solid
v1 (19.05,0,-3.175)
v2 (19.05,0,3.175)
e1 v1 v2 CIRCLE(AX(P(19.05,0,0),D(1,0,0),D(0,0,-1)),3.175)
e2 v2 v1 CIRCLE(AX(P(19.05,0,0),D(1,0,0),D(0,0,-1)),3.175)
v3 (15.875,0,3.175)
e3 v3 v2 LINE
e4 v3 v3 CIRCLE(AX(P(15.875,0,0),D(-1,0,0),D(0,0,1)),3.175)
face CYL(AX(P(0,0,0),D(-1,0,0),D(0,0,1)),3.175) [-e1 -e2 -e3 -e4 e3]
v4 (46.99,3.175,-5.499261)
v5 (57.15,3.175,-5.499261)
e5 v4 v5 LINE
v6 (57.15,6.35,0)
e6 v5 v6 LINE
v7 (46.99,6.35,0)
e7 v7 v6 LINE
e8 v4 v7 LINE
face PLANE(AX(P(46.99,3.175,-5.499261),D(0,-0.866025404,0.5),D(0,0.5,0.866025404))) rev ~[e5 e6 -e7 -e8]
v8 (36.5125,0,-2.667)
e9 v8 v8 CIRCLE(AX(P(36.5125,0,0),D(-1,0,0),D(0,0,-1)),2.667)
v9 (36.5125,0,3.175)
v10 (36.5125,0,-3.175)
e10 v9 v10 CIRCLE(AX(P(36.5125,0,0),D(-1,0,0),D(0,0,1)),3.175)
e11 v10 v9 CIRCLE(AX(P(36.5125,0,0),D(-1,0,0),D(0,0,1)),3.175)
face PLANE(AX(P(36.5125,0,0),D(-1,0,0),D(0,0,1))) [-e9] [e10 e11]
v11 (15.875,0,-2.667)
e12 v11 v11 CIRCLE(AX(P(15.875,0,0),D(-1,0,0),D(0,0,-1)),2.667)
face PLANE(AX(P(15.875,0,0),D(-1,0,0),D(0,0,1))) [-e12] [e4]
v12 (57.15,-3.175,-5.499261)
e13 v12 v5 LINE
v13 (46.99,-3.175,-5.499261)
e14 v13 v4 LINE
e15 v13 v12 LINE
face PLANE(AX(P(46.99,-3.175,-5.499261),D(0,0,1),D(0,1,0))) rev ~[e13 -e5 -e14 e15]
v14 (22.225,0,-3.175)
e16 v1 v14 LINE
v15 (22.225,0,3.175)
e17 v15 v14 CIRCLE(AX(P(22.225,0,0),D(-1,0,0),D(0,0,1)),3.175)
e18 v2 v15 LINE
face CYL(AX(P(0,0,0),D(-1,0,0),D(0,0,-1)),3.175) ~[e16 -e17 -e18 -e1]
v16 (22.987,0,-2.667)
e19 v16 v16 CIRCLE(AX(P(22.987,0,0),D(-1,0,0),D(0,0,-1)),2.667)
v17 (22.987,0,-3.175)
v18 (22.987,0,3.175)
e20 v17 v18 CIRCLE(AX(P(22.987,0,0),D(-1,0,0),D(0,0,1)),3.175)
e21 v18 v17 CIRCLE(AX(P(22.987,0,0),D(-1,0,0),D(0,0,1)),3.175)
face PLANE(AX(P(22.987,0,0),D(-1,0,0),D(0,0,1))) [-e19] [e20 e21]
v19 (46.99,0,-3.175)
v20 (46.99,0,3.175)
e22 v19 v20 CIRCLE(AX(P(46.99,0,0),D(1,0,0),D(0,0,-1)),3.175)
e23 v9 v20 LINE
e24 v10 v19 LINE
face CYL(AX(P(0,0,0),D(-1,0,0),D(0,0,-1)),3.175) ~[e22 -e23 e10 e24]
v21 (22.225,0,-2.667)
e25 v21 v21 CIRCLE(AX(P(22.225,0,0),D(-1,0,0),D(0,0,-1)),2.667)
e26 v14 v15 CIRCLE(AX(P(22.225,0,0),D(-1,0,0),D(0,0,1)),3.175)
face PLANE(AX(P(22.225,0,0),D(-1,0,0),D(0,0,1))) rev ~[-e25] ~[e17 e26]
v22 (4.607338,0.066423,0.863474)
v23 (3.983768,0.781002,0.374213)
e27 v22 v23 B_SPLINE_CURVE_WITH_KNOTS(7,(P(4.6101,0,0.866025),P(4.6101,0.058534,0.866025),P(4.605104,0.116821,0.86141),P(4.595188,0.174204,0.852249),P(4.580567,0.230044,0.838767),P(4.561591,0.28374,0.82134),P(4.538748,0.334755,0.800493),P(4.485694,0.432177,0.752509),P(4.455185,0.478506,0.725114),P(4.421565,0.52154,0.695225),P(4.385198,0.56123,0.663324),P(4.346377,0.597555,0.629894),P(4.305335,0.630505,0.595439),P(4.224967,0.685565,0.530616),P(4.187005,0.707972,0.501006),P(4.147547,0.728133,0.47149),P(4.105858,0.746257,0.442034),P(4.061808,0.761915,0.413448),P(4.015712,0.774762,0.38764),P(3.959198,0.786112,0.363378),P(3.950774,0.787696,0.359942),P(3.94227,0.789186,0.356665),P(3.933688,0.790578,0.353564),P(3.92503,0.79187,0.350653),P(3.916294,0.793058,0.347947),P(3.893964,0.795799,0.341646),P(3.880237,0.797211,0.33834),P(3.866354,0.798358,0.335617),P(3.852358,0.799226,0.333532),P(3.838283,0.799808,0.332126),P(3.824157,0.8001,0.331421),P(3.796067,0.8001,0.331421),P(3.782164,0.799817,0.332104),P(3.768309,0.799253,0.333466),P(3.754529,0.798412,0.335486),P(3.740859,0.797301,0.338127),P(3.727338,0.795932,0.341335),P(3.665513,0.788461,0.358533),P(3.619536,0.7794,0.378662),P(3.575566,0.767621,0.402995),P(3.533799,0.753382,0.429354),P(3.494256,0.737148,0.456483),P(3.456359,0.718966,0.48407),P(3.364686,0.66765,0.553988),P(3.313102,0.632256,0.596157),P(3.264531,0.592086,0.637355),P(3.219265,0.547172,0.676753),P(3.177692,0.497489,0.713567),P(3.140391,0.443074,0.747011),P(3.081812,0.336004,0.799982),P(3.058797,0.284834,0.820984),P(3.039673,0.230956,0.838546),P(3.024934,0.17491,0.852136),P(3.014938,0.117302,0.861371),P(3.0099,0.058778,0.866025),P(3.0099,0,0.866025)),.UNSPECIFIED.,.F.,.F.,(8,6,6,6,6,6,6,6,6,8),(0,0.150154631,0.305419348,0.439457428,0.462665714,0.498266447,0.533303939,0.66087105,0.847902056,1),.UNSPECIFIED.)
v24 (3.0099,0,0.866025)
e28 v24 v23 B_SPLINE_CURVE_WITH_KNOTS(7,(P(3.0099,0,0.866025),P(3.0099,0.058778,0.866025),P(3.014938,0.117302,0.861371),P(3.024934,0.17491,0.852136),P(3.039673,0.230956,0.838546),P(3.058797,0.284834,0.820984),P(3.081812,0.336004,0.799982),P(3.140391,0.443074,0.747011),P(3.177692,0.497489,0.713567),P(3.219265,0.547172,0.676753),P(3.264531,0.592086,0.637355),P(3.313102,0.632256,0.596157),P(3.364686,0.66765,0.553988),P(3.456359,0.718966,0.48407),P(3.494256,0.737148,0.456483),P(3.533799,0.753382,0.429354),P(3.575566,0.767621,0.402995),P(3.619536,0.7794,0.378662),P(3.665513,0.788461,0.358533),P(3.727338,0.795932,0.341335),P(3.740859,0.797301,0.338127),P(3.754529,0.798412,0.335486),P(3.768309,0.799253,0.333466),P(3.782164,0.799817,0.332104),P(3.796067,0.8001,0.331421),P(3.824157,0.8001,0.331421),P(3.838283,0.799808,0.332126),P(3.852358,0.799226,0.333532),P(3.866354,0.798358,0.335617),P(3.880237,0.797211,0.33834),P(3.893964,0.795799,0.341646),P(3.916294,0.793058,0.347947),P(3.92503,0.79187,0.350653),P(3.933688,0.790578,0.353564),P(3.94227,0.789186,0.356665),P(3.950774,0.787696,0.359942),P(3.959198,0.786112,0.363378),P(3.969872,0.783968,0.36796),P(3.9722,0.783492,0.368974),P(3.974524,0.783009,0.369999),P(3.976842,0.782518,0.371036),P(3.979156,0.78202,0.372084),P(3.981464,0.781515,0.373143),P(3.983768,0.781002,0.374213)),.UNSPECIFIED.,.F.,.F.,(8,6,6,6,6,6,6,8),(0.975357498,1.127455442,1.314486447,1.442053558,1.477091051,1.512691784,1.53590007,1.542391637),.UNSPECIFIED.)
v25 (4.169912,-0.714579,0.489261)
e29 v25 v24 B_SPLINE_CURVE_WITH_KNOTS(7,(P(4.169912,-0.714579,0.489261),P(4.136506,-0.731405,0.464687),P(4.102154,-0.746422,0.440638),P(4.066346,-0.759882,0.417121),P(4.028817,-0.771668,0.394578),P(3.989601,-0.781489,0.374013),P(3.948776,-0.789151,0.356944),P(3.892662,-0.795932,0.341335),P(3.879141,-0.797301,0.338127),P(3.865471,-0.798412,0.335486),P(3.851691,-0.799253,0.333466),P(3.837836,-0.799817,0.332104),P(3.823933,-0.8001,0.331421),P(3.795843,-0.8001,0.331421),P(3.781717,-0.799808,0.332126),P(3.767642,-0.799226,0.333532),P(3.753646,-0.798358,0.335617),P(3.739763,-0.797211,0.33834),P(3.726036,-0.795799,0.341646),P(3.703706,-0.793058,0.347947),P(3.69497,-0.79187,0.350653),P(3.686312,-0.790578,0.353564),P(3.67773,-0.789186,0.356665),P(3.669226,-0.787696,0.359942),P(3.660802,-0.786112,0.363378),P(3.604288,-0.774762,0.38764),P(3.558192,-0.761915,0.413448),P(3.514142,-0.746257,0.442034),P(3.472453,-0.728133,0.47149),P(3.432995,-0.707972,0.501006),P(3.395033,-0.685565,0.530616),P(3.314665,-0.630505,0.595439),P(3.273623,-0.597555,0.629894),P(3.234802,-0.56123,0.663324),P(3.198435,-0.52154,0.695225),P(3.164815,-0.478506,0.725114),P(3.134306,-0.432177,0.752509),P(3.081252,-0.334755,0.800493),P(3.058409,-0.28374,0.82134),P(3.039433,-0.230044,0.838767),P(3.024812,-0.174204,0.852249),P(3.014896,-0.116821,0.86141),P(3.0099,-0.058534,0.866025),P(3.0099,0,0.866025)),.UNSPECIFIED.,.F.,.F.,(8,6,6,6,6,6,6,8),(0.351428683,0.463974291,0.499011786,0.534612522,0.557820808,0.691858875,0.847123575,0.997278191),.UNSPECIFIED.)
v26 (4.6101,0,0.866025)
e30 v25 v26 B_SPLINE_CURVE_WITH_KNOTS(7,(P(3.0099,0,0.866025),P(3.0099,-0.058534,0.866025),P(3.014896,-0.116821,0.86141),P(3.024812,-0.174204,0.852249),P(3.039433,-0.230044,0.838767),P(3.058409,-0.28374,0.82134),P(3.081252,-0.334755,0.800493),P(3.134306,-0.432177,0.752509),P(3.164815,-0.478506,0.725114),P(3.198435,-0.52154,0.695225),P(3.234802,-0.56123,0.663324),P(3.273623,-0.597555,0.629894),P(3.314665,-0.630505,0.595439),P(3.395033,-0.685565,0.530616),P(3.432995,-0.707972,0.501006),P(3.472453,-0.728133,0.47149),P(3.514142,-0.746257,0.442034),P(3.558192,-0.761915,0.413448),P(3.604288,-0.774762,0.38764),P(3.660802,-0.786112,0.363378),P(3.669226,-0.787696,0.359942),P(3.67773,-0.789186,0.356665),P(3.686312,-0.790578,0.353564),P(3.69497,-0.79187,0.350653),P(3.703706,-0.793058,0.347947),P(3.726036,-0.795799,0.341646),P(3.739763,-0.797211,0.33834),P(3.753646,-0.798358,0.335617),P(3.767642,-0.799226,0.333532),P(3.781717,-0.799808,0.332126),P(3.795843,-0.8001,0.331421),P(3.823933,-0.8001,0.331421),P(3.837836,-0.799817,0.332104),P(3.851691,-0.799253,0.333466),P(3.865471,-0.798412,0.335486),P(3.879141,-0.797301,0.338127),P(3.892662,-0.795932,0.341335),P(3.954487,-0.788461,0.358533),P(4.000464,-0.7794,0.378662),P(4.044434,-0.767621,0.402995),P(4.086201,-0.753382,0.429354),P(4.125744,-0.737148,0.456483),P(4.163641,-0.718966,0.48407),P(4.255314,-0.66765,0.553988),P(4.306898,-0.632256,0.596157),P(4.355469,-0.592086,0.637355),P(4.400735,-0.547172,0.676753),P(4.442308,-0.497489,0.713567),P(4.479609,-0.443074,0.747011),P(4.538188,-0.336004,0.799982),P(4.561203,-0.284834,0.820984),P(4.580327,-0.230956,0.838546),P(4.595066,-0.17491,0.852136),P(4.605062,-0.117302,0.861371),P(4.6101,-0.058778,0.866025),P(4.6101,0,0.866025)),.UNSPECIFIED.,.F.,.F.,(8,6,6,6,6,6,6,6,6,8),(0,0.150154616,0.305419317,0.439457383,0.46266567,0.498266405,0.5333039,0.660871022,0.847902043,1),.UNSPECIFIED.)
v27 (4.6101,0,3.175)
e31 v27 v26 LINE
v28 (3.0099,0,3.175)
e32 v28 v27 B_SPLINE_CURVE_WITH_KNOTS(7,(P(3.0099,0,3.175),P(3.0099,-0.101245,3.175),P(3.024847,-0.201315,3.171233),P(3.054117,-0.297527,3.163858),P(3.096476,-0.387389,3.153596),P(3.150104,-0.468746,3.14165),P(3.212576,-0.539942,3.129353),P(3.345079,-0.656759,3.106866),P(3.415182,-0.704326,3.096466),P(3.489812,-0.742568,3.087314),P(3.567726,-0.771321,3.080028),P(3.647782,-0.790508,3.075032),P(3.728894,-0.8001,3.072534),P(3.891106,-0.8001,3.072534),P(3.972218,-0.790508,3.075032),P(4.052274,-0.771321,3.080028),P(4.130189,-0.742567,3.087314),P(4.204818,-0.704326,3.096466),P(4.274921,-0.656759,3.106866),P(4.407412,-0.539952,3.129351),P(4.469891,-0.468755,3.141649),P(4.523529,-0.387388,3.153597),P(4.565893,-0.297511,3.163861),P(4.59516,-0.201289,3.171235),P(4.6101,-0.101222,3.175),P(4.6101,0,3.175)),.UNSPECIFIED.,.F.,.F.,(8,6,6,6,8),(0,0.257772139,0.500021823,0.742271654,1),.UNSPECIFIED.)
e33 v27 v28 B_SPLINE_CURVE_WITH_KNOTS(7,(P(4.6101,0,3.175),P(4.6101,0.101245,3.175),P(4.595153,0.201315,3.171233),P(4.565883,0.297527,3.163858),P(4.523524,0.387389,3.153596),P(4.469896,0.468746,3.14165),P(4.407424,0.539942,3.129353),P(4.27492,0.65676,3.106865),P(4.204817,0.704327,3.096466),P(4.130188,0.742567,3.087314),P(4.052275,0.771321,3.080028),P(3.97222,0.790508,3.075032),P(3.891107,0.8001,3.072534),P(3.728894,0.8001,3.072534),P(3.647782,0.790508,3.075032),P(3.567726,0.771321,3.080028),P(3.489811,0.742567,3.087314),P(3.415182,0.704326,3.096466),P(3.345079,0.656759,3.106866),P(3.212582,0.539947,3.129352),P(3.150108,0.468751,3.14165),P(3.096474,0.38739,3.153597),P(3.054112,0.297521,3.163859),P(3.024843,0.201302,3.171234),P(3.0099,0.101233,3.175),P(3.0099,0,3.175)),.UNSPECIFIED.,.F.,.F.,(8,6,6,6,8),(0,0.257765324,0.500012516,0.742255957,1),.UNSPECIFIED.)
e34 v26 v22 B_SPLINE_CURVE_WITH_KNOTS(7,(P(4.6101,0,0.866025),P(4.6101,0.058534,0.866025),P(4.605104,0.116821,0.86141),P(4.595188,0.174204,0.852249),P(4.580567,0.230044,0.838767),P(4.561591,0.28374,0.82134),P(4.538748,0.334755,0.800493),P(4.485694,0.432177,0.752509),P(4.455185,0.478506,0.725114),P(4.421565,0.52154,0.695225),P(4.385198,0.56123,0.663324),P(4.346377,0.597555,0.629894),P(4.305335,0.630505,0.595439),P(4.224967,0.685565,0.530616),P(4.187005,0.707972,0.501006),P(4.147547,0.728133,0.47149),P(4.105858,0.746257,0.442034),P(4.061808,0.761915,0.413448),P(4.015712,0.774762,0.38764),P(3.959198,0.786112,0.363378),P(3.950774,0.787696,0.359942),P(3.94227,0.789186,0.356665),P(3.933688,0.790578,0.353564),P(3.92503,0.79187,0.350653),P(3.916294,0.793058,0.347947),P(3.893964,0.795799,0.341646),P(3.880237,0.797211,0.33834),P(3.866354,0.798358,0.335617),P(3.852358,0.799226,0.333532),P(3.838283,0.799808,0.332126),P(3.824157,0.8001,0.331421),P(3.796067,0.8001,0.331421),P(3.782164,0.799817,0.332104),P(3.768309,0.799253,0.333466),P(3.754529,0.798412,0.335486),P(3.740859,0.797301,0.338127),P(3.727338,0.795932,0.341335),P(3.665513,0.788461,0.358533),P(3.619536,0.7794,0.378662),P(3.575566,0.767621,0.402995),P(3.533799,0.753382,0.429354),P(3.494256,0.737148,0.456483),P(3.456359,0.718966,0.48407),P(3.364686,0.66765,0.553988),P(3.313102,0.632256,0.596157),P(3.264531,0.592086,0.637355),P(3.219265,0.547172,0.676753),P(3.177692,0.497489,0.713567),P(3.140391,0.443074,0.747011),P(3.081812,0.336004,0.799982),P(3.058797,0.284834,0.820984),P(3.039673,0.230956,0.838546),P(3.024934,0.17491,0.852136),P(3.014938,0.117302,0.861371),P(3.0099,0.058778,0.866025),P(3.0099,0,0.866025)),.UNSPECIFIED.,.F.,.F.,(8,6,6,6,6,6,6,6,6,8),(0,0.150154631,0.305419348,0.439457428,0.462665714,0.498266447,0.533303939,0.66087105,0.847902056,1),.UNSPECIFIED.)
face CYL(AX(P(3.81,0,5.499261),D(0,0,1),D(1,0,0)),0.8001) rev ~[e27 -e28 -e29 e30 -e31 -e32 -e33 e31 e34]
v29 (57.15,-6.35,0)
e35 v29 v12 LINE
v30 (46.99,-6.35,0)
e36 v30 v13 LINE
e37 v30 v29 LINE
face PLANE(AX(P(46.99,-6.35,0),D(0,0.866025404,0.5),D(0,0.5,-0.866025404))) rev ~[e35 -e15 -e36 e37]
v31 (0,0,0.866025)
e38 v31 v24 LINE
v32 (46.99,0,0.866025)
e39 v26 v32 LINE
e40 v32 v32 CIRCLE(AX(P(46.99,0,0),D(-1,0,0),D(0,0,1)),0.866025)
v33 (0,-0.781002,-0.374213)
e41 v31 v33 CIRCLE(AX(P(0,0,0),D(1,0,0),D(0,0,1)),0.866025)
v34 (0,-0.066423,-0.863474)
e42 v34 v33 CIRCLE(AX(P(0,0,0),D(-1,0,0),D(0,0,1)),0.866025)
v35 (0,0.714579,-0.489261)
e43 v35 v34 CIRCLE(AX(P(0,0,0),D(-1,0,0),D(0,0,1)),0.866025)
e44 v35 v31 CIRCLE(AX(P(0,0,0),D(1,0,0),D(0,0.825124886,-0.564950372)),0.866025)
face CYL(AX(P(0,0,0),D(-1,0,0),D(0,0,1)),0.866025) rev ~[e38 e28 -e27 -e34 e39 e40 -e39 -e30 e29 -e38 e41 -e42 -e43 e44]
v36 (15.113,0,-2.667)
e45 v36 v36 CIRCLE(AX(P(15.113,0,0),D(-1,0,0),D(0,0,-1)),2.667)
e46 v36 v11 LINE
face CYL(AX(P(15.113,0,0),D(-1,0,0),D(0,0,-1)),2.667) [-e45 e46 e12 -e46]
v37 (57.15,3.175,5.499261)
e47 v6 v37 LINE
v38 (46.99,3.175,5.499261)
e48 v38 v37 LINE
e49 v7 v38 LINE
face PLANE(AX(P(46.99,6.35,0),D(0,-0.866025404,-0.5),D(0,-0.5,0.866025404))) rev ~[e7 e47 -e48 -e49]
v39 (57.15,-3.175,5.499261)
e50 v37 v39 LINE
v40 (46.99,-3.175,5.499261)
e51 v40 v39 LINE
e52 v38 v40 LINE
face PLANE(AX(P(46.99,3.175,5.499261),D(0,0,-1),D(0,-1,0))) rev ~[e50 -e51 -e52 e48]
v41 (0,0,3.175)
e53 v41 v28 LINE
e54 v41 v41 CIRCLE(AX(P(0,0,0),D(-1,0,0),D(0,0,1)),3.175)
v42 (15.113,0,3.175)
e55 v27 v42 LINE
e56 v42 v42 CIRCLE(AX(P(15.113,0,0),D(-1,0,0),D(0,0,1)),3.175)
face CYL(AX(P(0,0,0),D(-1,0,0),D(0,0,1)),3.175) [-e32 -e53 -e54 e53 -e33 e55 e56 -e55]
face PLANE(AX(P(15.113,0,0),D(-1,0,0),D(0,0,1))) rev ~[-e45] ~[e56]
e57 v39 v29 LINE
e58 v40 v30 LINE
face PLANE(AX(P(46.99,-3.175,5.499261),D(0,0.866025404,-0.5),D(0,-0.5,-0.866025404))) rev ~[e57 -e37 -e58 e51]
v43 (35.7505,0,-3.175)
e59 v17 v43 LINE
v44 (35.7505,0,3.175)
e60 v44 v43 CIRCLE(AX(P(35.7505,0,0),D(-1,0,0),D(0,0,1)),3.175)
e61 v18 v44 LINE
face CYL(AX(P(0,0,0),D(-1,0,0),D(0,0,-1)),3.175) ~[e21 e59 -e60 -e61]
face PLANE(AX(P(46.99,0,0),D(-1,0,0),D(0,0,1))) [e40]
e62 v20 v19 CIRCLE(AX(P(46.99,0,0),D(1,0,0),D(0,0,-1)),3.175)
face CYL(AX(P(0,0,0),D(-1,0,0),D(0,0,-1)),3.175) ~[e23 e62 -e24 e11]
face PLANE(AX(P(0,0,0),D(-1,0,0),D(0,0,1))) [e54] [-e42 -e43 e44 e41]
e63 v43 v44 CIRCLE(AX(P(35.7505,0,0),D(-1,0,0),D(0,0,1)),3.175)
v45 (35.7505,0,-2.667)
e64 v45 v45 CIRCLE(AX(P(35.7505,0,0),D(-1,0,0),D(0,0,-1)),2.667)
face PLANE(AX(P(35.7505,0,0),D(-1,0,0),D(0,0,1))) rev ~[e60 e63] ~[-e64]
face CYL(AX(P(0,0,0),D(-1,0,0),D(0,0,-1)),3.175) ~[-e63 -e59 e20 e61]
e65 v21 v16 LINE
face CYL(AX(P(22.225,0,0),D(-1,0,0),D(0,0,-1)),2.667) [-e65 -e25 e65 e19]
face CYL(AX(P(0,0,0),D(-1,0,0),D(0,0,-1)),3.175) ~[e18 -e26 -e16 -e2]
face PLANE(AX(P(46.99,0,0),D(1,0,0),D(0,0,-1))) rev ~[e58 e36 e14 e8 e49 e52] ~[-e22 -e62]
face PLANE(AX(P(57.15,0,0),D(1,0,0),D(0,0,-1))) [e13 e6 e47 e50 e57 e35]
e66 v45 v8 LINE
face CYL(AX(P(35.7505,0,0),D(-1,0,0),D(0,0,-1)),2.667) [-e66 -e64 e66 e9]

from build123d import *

# Parameters (mm, degrees)
SKETCH1_R           = 3.175
BOSS_EXTRUDE2_DEPTH = 46.99
BOSS_EXTRUDE3_DEPTH = 10.16
SKETCH3_R           = 3.175
SKETCH3_R_2         = 1.778
CUT_EXTRUDE1_DEPTH  = 19.05
SKETCH6_R           = 3.175
BOSS_EXTRUDE5_DEPTH = 49.022
CUT_EXTRUDE5_DEPTH  = 38.1
SKETCH9_R           = 0.866025404
CUT_EXTRUDE7_DEPTH  = 46.99
SKETCH10_R          = 0.8001
CUT_EXTRUDE8_DEPTH  = 5.334
CUT_EXTRUDE9_START  = 0.762
SKETCH11_R          = 3.175
SKETCH11_R_2        = 2.667
CUT_EXTRUDE9_DEPTH  = 0.762
CUT_EXTRUDE10_START = 0.762
SKETCH12_R          = 3.175
SKETCH12_R_2        = 2.667
CUT_EXTRUDE10_DEPTH = 0.762
CUT_EXTRUDE12_START = 0.762
SKETCH13_R          = 3.175
SKETCH13_R_2        = 2.667
CUT_EXTRUDE12_DEPTH = 0.762


with BuildPart() as part:
    # Sketch1 → Boss-Extrude2 (new body)
    with BuildSketch(Plane(origin=(0, 0, 0), x_dir=(0, 0, -1), z_dir=(1, 0, 0))):
        Circle(SKETCH1_R)
    extrude(amount=BOSS_EXTRUDE2_DEPTH)

    # Sketch2 → Boss-Extrude3 (add)
    with BuildSketch(Plane(origin=(46.99, 0, 0), x_dir=(0, 0, -1), z_dir=(1, 0, 0))):
        Polygon((-5.499261314, 3.175), (-5.499261314, -3.175), (0, -6.35), (5.499261314, -3.175), (5.499261314, 3.175), (0, 6.35), align=None)
    extrude(amount=BOSS_EXTRUDE3_DEPTH)

    # Sketch3 → Cut-Extrude1 (cut)
    with BuildSketch(Plane.ZY):
        Circle(SKETCH3_R)
        Circle(SKETCH3_R_2, mode=Mode.SUBTRACT)
    extrude(amount=-CUT_EXTRUDE1_DEPTH, mode=Mode.SUBTRACT)

    # Sketch6 → Boss-Extrude5 (add)
    with BuildSketch(Plane.ZY):
        Circle(SKETCH6_R)
    extrude(amount=-BOSS_EXTRUDE5_DEPTH)

    # Sketch7 → Cut-Extrude5 (cut)
    with BuildSketch(Plane.ZY):
        Polygon((-0.489261374, 0.714579112), (-0.863474351, -0.066423223), (-0.374212977, -0.781002335), (0.489261374, -0.714579112), (0.863474351, 0.066423223), (0.374212977, 0.781002335), align=None)
    extrude(amount=-CUT_EXTRUDE5_DEPTH, mode=Mode.SUBTRACT)

    # Sketch9 → Cut-Extrude7 (cut)
    with BuildSketch(Plane.ZY):
        Circle(SKETCH9_R)
    extrude(amount=-CUT_EXTRUDE7_DEPTH, mode=Mode.SUBTRACT)

    # Sketch10 → Cut-Extrude8 (cut)
    with BuildSketch(Plane.XY.offset(5.499261314)):
        with Locations((3.81, 0)):
            Circle(SKETCH10_R)
    extrude(amount=-CUT_EXTRUDE8_DEPTH, mode=Mode.SUBTRACT)

    # Sketch11 → Cut-Extrude9 (cut)
    with BuildSketch(Plane.ZY.offset(-36.5125).offset(CUT_EXTRUDE9_START)):
        Circle(SKETCH11_R)
        with Locations(Location((0, 0, 0), (0, 0, 180))):
            Circle(SKETCH11_R_2, mode=Mode.SUBTRACT)
    extrude(amount=-CUT_EXTRUDE9_DEPTH, mode=Mode.SUBTRACT)

    # Sketch12 → Cut-Extrude10 (cut)
    with BuildSketch(Plane.ZY.offset(-15.875).offset(CUT_EXTRUDE10_START)):
        Circle(SKETCH12_R)
        with Locations(Location((0, 0, 0), (0, 0, 180))):
            Circle(SKETCH12_R_2, mode=Mode.SUBTRACT)
    extrude(amount=-CUT_EXTRUDE10_DEPTH, mode=Mode.SUBTRACT)

    # Sketch13 → Cut-Extrude12 (cut)
    with BuildSketch(Plane.ZY.offset(-22.987).offset(CUT_EXTRUDE12_START)):
        Circle(SKETCH13_R)
        with Locations(Location((0, 0, 0), (0, 0, 180))):
            Circle(SKETCH13_R_2, mode=Mode.SUBTRACT)
    extrude(amount=-CUT_EXTRUDE12_DEPTH, mode=Mode.SUBTRACT)


solid = part.part
